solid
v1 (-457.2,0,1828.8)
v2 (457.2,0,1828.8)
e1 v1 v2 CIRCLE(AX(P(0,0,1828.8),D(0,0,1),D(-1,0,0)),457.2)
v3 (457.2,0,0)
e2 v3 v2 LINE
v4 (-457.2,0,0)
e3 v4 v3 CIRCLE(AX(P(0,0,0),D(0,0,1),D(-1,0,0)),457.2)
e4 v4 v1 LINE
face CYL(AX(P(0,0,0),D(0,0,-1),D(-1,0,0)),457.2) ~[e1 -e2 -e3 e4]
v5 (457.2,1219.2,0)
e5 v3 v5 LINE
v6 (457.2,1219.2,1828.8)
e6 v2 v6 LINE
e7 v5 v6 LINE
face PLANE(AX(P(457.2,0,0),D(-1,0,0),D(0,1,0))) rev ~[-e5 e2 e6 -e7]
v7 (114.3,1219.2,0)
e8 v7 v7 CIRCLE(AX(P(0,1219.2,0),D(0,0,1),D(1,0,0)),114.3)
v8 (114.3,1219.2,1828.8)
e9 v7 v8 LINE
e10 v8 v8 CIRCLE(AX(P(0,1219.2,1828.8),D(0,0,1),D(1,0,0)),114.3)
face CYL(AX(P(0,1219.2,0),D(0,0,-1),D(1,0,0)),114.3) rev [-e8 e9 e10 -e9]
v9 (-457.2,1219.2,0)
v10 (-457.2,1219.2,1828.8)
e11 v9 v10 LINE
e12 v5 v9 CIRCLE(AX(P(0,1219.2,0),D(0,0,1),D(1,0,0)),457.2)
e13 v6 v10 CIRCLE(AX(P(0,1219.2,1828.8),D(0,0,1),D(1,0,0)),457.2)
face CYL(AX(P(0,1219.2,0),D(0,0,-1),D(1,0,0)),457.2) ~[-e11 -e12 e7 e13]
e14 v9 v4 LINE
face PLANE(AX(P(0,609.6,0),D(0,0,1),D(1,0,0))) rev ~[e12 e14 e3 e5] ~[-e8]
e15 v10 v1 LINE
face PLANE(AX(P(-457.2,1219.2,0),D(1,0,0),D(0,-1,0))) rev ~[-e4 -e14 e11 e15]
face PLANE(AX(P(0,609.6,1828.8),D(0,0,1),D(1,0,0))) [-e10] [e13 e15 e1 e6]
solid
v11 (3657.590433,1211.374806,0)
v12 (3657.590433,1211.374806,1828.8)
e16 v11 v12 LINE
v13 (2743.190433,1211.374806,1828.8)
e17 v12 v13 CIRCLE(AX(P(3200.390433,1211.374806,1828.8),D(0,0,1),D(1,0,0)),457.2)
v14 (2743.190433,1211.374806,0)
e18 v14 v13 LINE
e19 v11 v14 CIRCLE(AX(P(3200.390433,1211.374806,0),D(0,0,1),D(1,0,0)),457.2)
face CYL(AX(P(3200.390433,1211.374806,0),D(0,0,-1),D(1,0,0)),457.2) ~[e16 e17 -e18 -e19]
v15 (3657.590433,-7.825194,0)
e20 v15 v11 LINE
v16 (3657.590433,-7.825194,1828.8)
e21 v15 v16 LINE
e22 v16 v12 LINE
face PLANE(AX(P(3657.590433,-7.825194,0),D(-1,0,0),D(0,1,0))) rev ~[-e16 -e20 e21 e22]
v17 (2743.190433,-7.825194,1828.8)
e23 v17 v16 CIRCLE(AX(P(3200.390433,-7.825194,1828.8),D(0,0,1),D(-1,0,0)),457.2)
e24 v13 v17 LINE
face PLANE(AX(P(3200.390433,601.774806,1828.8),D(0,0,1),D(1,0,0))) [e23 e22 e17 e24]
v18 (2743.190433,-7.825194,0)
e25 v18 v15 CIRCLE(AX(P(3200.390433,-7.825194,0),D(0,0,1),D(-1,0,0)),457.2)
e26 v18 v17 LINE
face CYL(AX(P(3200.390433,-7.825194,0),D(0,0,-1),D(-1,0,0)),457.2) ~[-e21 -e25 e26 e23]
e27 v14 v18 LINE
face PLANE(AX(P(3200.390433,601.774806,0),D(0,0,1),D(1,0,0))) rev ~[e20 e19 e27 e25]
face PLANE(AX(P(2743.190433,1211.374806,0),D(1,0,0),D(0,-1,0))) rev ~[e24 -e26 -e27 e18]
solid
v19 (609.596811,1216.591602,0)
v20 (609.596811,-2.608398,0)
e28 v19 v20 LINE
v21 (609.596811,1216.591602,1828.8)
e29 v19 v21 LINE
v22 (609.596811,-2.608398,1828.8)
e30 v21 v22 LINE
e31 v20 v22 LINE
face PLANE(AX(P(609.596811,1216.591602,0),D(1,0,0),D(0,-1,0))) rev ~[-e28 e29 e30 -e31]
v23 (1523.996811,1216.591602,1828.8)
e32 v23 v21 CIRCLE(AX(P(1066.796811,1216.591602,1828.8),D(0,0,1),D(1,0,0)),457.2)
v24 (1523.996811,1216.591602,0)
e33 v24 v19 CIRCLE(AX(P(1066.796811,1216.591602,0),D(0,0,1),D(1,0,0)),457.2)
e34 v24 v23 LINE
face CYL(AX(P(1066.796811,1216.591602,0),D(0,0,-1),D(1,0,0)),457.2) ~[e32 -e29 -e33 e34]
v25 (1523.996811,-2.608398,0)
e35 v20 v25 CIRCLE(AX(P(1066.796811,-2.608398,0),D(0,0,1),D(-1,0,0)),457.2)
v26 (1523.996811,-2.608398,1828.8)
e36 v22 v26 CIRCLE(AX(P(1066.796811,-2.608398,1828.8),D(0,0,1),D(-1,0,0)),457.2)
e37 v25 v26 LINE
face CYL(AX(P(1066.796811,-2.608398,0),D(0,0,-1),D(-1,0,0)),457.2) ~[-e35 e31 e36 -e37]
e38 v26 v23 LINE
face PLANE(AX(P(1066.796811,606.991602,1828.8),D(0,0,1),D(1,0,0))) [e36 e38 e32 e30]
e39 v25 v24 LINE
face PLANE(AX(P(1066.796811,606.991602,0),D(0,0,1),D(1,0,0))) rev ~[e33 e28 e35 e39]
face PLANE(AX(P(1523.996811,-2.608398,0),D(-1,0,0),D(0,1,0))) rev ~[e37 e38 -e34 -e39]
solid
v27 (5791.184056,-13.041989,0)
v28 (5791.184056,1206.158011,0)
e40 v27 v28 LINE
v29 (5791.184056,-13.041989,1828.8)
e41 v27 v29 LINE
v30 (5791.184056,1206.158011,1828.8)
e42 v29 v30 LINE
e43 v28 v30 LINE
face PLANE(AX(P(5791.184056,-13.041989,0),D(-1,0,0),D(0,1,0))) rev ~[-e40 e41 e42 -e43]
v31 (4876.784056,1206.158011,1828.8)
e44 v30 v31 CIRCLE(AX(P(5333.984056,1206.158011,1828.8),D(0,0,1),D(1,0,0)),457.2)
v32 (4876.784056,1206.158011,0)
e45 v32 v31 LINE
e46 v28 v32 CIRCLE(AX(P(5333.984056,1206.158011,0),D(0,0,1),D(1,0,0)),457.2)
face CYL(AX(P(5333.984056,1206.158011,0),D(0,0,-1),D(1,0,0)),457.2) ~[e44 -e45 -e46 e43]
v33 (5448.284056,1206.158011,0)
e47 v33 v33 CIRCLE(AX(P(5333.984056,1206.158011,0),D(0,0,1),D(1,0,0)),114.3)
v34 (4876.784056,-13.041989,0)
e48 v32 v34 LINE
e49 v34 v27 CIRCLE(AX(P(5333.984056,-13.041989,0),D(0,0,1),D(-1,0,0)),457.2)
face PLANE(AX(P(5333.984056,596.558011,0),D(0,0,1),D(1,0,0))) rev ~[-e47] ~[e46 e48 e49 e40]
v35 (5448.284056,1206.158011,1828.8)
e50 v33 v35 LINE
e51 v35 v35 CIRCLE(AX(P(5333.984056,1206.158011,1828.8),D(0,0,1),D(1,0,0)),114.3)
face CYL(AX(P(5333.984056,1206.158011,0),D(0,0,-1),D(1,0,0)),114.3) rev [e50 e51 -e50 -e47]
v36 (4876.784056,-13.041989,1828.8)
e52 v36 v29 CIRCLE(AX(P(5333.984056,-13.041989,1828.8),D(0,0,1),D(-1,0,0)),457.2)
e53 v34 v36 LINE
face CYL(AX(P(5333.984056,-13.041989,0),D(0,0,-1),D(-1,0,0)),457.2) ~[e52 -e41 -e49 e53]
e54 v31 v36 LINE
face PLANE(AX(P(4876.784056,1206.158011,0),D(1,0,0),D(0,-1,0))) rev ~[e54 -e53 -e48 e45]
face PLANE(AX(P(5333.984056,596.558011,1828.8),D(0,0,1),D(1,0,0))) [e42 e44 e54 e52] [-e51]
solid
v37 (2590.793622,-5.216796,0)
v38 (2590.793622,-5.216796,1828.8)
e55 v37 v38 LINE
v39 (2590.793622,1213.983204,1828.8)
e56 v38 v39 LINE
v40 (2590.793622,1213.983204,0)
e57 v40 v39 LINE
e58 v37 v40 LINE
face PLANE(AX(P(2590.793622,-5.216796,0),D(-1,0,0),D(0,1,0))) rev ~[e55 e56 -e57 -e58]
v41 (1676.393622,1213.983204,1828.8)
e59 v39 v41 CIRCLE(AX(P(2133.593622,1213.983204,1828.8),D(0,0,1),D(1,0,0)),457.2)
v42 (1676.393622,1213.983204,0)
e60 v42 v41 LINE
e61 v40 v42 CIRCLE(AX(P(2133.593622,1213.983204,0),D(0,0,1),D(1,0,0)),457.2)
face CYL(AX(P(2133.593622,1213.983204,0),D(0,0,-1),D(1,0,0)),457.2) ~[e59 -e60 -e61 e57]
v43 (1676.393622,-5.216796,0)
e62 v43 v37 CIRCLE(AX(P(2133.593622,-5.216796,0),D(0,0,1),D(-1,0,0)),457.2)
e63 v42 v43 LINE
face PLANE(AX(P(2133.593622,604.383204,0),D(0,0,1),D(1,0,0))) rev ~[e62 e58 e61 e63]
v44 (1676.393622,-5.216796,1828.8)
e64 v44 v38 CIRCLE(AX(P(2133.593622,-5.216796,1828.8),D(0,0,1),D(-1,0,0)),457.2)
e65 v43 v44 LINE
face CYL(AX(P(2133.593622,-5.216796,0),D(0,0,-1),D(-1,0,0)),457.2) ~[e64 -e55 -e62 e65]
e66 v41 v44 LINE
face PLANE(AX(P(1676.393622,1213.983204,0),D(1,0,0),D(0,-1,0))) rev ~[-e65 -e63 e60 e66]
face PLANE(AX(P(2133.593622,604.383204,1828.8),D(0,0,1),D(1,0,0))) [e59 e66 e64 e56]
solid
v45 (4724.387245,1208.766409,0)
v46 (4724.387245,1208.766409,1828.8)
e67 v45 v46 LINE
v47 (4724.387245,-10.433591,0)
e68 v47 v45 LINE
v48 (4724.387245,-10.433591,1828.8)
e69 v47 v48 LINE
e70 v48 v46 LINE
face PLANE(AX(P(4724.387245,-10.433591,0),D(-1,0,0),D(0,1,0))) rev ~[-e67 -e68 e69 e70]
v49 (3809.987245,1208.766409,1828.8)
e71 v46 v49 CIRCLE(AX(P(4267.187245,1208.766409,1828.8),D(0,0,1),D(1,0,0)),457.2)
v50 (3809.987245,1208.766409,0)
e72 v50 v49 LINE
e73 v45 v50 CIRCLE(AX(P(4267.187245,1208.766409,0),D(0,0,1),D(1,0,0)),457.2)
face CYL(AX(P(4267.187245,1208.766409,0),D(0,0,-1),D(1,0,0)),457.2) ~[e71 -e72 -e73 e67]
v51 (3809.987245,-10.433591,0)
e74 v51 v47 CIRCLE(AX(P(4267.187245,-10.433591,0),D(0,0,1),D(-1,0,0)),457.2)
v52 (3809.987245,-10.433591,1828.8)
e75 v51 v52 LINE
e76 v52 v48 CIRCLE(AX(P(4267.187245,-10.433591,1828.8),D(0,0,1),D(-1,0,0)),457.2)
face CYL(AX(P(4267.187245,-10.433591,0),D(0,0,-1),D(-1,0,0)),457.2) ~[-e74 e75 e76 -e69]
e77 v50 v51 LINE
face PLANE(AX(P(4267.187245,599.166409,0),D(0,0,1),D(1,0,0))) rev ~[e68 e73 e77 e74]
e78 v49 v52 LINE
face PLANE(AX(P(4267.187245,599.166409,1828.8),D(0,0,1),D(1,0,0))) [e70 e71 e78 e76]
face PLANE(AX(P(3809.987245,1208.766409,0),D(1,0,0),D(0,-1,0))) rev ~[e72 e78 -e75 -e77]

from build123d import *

# Parameters (mm, degrees)
F0_R     = 114.3
F1_DEPTH = 1828.8


with BuildPart() as f1:
    # F0 (on Top) → F1 (new body)
    with BuildSketch(Plane.XY):
        with BuildLine():
            ThreePointArc((457.2, 1219.2), (0, 1676.4), (-457.2, 1219.2))
            Line((-457.2, 1219.2), (-457.2, 0))
            ThreePointArc((-457.2, 0), (0, -457.2), (457.2, 0))
            Line((457.2, 0), (457.2, 1219.2))
        make_face()
        with Locations((0, 1219.2)):
            Circle(F0_R, mode=Mode.SUBTRACT)
        with BuildLine():
            Line((1523.996811, -2.608398), (1523.996811, 1216.591602))
            ThreePointArc((1523.996811, 1216.591602), (1066.796811, 1673.791602), (609.596811, 1216.591602))
            Line((609.596811, 1216.591602), (609.596811, -2.608398))
            ThreePointArc((609.596811, -2.608398), (1066.796811, -459.808398), (1523.996811, -2.608398))
        make_face()
        with BuildLine():
            Line((2590.793622, -5.216796), (2590.793622, 1213.983204))
            ThreePointArc((2590.793622, 1213.983204), (2133.593622, 1671.183204), (1676.393622, 1213.983204))
            Line((1676.393622, 1213.983204), (1676.393622, -5.216796))
            ThreePointArc((1676.393622, -5.216796), (2133.593622, -462.416796), (2590.793622, -5.216796))
        make_face()
        with BuildLine():
            Line((3657.590433, -7.825194), (3657.590433, 1211.374806))
            ThreePointArc((3657.590433, 1211.374806), (3200.390433, 1668.574806), (2743.190433, 1211.374806))
            Line((2743.190433, 1211.374806), (2743.190433, -7.825194))
            ThreePointArc((2743.190433, -7.825194), (3200.390433, -465.025194), (3657.590433, -7.825194))
        make_face()
        with BuildLine():
            Line((4724.387245, -10.433591), (4724.387245, 1208.766409))
            ThreePointArc((4724.387245, 1208.766409), (4267.187245, 1665.966409), (3809.987245, 1208.766409))
            Line((3809.987245, 1208.766409), (3809.987245, -10.433591))
            ThreePointArc((3809.987245, -10.433591), (4267.187245, -467.633591), (4724.387245, -10.433591))
        make_face()
        with BuildLine():
            Line((5791.184056, -13.041989), (5791.184056, 1206.158011))
            ThreePointArc((5791.184056, 1206.158011), (5333.984056, 1663.358011), (4876.784056, 1206.158011))
            Line((4876.784056, 1206.158011), (4876.784056, -13.041989))
            ThreePointArc((4876.784056, -13.041989), (5333.984056, -470.241989), (5791.184056, -13.041989))
        make_face()
        with Locations((5333.984056, 1206.158011)):
            Circle(F0_R, mode=Mode.SUBTRACT)
    extrude(amount=F1_DEPTH)


solid = f1.part
